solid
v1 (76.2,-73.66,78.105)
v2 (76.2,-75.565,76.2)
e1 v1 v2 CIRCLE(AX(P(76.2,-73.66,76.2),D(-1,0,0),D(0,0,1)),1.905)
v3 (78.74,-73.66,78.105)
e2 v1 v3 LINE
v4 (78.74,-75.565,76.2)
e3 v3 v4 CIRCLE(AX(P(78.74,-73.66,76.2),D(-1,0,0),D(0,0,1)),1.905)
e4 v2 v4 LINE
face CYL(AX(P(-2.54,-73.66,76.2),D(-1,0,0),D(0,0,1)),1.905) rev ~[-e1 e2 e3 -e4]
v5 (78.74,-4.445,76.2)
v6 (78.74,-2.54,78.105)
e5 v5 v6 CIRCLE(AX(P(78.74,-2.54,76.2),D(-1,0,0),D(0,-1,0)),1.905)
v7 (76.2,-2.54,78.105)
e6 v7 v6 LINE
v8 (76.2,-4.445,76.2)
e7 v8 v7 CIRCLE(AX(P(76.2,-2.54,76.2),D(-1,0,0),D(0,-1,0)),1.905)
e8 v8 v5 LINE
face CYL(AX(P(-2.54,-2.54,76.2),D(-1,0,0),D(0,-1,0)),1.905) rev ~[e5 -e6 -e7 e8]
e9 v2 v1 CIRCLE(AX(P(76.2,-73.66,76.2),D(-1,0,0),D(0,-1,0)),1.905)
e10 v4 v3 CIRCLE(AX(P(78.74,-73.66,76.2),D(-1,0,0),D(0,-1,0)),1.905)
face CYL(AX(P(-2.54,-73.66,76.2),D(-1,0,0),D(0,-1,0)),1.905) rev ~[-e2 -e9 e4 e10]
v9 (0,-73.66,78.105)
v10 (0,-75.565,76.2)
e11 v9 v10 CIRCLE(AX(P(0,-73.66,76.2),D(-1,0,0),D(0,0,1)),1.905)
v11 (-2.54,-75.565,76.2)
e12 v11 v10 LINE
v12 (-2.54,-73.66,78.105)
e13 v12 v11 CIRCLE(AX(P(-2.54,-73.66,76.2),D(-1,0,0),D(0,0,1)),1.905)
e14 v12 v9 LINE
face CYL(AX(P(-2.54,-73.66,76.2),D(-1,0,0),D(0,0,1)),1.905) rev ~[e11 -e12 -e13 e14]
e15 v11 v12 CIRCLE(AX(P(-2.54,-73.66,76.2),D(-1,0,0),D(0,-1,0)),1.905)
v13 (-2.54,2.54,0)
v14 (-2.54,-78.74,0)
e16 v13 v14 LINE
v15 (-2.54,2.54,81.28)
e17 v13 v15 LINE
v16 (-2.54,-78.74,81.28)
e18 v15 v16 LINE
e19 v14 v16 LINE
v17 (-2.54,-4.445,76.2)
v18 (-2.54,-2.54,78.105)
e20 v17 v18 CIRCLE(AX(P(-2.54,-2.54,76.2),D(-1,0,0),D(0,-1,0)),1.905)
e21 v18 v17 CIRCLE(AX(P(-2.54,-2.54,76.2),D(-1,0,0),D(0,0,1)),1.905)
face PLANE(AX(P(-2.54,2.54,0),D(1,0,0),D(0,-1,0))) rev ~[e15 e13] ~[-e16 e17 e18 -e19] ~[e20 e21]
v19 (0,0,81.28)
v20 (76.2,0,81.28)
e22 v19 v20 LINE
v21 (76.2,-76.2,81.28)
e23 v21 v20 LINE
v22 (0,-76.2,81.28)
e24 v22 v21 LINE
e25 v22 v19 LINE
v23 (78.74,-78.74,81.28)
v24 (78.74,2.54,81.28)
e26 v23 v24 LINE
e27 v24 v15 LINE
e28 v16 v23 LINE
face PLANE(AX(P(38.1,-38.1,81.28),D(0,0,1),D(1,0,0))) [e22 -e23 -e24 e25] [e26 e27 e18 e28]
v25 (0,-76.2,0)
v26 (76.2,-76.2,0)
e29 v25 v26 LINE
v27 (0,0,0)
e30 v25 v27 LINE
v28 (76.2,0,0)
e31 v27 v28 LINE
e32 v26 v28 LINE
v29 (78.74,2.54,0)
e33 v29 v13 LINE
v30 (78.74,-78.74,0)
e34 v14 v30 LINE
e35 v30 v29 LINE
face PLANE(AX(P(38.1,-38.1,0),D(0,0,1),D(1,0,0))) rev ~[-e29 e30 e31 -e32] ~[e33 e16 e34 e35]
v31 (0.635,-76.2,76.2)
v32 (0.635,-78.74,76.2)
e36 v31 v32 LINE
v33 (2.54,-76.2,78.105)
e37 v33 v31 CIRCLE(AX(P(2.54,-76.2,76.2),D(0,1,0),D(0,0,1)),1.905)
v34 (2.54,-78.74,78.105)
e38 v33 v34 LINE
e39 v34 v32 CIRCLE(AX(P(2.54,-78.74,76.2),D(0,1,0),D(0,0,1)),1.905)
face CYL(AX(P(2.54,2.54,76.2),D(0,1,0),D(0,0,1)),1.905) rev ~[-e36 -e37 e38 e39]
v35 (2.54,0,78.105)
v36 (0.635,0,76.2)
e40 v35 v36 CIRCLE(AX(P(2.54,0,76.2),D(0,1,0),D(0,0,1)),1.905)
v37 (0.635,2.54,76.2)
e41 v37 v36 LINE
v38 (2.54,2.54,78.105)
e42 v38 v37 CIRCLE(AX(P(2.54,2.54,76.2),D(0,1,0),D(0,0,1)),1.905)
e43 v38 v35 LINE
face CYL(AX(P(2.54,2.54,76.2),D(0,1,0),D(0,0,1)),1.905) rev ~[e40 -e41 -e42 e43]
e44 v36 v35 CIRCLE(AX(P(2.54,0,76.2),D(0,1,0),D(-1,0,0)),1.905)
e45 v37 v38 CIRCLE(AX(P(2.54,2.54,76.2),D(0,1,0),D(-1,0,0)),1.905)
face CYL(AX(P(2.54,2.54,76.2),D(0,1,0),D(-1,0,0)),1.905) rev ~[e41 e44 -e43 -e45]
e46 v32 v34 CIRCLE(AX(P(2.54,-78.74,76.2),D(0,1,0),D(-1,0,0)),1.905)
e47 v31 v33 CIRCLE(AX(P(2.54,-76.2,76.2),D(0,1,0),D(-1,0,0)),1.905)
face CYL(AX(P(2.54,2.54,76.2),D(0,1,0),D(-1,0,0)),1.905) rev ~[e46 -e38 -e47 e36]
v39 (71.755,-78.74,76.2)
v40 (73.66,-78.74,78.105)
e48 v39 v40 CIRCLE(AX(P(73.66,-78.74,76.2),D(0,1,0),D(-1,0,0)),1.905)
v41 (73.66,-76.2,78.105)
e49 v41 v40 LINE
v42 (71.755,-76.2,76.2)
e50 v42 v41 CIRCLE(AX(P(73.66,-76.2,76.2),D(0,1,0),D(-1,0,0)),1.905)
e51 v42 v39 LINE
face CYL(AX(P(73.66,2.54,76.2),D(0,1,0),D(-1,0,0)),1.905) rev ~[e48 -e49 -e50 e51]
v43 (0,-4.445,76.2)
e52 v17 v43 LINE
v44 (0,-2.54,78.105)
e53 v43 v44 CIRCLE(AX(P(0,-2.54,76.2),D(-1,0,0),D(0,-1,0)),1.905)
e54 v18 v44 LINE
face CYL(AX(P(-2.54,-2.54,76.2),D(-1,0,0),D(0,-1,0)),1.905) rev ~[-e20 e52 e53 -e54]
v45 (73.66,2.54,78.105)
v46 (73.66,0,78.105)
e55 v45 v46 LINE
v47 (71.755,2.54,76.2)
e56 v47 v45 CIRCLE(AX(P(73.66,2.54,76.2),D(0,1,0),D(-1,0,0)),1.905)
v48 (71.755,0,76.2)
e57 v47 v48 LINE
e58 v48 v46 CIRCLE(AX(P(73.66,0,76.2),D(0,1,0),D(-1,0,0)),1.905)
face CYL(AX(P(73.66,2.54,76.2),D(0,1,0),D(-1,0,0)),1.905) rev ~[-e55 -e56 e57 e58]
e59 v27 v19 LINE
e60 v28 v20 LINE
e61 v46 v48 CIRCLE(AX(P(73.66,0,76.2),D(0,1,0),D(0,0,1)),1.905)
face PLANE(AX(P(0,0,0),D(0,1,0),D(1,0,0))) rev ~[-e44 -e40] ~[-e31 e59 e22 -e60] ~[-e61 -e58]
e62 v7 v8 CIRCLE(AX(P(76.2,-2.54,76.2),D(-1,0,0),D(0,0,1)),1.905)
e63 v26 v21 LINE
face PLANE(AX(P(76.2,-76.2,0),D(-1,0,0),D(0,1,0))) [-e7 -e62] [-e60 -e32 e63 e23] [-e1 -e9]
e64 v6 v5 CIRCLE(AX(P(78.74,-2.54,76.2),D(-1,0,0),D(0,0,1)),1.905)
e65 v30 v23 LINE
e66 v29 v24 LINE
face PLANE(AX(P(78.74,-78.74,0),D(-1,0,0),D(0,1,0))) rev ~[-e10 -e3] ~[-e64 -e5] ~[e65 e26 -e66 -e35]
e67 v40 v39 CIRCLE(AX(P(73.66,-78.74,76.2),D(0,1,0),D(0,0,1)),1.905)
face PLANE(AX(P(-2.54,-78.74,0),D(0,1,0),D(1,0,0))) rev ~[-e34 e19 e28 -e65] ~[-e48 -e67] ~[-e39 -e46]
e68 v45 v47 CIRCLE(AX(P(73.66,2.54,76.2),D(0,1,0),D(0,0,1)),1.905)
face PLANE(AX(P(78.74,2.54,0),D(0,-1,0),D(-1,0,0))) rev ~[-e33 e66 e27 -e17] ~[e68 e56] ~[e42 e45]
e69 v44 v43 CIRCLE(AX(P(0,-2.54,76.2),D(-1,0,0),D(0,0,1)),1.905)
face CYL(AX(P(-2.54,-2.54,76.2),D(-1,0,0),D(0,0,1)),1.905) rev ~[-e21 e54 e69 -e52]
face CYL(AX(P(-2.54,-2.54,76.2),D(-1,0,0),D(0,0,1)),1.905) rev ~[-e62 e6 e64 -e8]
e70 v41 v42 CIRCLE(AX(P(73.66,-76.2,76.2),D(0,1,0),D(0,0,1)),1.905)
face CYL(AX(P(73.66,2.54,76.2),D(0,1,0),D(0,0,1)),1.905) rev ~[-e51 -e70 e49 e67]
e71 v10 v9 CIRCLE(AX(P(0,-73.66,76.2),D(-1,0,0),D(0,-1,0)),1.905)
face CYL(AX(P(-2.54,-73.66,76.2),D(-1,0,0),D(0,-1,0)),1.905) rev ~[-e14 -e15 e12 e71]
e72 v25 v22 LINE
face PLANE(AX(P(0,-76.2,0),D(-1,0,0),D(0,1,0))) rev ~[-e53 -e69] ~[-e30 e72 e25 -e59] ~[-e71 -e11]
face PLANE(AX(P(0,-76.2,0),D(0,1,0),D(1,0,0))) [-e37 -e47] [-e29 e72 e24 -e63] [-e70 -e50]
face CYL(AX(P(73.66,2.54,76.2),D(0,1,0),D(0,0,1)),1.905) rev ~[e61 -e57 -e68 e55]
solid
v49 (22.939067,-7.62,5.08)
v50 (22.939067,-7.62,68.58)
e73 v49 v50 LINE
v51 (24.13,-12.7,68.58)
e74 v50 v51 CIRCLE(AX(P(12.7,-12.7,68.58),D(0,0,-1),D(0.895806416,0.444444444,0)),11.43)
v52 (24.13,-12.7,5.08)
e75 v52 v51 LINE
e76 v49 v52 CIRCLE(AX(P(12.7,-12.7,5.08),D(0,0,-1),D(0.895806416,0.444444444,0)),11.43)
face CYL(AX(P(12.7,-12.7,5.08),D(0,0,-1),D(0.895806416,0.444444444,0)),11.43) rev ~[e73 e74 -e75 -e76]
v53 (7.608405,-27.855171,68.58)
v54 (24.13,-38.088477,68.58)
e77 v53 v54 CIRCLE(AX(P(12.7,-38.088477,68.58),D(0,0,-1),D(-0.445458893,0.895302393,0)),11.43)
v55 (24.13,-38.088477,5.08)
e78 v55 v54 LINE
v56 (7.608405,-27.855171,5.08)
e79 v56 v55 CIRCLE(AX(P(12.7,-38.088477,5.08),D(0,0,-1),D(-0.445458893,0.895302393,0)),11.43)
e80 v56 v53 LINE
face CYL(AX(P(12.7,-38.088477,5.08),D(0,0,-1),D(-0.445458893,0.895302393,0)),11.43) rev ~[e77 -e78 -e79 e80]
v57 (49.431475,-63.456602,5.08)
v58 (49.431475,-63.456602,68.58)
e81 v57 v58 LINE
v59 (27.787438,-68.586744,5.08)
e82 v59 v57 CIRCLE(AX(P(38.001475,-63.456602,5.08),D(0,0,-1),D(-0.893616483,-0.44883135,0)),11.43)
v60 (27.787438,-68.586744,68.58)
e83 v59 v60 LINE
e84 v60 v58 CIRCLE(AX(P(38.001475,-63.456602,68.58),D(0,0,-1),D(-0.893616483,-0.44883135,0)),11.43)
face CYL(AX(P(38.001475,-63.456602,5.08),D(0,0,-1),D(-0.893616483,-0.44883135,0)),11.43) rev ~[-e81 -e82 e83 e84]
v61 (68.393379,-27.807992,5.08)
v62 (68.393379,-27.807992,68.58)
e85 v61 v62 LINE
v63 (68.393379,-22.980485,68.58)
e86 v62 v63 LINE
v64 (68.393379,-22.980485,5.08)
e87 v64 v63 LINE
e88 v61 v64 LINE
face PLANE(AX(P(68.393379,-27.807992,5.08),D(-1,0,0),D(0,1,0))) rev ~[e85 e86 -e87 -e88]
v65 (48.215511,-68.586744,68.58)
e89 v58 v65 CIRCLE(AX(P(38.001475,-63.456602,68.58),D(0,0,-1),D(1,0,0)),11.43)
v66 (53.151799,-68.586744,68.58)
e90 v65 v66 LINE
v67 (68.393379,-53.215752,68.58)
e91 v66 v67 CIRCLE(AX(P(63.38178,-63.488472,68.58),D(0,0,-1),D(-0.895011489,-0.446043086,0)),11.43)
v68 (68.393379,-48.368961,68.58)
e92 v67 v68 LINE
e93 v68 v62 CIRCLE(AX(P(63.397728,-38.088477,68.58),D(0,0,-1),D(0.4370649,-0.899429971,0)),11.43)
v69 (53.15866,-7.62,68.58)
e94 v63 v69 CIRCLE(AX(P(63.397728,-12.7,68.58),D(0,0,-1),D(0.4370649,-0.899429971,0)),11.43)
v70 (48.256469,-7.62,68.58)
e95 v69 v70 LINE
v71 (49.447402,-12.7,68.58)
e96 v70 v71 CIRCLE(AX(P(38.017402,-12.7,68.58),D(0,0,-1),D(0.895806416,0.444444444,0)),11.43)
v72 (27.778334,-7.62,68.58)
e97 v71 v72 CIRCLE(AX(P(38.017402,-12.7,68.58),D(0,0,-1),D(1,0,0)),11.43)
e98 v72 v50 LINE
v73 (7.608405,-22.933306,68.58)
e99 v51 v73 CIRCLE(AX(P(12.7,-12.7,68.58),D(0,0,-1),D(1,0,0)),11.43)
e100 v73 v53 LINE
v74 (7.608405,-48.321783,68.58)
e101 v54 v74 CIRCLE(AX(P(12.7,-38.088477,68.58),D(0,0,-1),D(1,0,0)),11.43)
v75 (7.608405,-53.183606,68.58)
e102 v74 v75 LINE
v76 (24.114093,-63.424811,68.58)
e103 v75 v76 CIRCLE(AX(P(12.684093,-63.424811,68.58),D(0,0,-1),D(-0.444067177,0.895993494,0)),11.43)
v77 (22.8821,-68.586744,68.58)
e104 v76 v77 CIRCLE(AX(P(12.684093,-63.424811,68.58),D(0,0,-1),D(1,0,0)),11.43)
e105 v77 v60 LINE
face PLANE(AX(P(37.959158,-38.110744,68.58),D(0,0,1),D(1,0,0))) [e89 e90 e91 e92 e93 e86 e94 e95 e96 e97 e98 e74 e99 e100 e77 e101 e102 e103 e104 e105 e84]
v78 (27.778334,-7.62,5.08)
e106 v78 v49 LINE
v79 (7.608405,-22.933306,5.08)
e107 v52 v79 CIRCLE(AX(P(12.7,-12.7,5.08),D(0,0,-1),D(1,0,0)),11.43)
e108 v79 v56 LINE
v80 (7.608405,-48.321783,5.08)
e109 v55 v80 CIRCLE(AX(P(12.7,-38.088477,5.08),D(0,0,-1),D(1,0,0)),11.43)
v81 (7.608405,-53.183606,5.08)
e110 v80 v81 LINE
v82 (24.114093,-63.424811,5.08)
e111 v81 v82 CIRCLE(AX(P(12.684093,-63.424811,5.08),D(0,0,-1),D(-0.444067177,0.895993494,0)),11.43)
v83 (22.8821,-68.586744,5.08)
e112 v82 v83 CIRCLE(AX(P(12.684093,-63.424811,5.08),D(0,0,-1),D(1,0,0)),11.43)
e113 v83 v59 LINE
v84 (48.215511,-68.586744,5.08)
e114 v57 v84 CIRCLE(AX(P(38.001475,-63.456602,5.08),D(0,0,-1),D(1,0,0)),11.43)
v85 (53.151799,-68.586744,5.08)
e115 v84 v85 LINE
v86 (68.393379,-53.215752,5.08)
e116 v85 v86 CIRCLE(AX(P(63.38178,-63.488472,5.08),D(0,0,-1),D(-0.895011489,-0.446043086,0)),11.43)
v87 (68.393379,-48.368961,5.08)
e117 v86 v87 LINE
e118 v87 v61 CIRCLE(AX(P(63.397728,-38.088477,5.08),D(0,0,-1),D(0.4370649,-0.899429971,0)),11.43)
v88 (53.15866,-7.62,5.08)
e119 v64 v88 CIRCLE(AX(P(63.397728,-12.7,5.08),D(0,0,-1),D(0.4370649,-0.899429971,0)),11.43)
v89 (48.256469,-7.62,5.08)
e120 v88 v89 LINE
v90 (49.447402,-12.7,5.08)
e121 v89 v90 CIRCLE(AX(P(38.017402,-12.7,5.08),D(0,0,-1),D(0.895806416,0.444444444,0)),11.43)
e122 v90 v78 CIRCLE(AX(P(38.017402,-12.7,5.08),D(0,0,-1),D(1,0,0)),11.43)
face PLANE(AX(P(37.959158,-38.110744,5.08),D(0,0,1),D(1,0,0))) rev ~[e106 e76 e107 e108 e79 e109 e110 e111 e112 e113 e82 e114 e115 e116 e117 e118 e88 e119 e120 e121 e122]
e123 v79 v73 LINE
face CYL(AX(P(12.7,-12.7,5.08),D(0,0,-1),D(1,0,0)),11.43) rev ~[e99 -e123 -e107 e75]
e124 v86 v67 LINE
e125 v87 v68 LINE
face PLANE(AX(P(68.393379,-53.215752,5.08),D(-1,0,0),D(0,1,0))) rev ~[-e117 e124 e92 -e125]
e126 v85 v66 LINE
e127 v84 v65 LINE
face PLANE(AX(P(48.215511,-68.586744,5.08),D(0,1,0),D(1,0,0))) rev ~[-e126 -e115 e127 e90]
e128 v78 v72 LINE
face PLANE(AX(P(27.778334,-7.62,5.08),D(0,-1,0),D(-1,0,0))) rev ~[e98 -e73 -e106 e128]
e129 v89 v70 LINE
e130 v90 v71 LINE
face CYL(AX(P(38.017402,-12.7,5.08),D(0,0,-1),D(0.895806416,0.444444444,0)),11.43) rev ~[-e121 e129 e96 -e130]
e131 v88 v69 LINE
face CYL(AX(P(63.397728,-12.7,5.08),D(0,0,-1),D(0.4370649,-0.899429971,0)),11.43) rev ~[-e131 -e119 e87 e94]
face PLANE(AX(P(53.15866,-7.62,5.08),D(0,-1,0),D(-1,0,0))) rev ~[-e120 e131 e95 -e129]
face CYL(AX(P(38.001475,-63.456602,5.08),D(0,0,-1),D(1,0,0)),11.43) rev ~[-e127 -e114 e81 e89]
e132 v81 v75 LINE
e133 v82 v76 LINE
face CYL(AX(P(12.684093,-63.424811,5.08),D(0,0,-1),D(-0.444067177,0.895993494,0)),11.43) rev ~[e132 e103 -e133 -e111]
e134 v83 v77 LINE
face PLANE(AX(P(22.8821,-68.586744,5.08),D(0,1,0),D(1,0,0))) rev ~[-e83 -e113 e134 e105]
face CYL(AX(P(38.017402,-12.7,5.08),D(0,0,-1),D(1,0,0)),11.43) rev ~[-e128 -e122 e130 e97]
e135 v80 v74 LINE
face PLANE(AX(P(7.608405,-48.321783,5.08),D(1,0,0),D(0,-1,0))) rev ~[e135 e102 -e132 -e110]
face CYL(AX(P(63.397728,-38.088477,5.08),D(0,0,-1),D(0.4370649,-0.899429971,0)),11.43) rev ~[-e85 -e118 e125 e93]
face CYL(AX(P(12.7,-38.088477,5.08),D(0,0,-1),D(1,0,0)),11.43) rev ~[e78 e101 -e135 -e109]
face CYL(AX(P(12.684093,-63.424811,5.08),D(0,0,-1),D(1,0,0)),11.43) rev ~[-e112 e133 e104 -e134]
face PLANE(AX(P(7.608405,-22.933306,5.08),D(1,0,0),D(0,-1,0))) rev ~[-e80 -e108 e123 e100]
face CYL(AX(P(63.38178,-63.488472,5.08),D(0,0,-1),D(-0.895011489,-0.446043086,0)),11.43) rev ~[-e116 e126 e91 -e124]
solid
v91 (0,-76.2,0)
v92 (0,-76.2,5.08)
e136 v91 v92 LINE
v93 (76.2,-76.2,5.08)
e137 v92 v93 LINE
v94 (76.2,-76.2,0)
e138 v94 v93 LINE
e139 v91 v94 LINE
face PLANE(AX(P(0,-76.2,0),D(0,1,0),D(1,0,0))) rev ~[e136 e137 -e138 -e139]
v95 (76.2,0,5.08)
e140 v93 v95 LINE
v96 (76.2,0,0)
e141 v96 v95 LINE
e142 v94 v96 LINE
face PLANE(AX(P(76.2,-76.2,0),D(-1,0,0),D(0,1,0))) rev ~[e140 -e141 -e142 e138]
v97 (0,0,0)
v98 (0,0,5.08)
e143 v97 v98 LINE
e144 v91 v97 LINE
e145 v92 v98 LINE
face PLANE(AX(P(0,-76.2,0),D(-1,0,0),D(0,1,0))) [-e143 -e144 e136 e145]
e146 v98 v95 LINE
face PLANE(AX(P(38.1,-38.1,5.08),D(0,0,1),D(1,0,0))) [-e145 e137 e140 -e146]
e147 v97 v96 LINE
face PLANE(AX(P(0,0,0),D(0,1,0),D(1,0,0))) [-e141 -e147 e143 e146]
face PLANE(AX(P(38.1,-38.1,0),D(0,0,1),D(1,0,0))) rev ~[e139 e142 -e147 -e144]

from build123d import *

# Parameters (mm, degrees)
F0_W      = 76.2
F0_H      = 76.2
F1_DEPTH  = 81.28
F2_W      = 76.2
F2_H      = 76.2
F3_DEPTH  = 5.08
F6_DEPTH  = 81.281
F8_DEPTH  = 81.281
F10_DEPTH = 81.281
F12_DEPTH = 81.281
F13_DEPTH = 63.5


with BuildPart() as f1:
    # F0 (on Top) → F1 (new body)
    with BuildSketch(Plane.XY):
        Polygon((78.74, 2.54), (0, 2.54), (-2.54, 2.54), (-2.54, -78.74), (78.74, -78.74), align=None)
        with Locations((38.1, -38.1)):
            Rectangle(F0_W, F0_H, mode=Mode.SUBTRACT)
    extrude(amount=F1_DEPTH)

    # F5 (on face) → F6 (cut, through all)
    with BuildSketch(Plane(origin=(-2.54, 0, 0), x_dir=(0, -1, 0), z_dir=(-1, 0, 0))):
        with BuildLine():
            ThreePointArc((4.445, 76.2), (3.8870384182, 77.5470384182), (2.54, 78.105))
            ThreePointArc((2.54, 78.105), (1.1929615818, 74.8529615818), (4.445, 76.2))
        make_face()
    extrude(amount=-F6_DEPTH, mode=Mode.SUBTRACT)

    # F7 (on face) → F8 (cut, through all)
    with BuildSketch(Plane(origin=(0, 2.54, 0), x_dir=(-1, 0, 0), z_dir=(0, 1, 0))):
        with BuildLine():
            ThreePointArc((-0.635, 76.2), (-1.1929615818, 77.5470384182), (-2.54, 78.105))
            ThreePointArc((-2.54, 78.105), (-3.8870384182, 74.8529615818), (-0.635, 76.2))
        make_face()
    extrude(amount=-F8_DEPTH, mode=Mode.SUBTRACT)

    # F9 (on face) → F10 (cut, through all)
    with BuildSketch(Plane(origin=(0, 2.54, 0), x_dir=(-1, 0, 0), z_dir=(0, 1, 0))):
        with BuildLine():
            ThreePointArc((-71.755, 76.2), (-72.3129615818, 77.5470384182), (-73.66, 78.105))
            ThreePointArc((-73.66, 78.105), (-75.0070384182, 74.8529615818), (-71.755, 76.2))
        make_face()
    extrude(amount=-F10_DEPTH, mode=Mode.SUBTRACT)

    # F11 (on face) → F12 (cut, through all)
    with BuildSketch(Plane(origin=(-2.54, 0, 0), x_dir=(0, -1, 0), z_dir=(-1, 0, 0))):
        with BuildLine():
            ThreePointArc((75.565, 76.2), (75.0070384182, 77.5470384182), (73.66, 78.105))
            ThreePointArc((73.66, 78.105), (72.3129615818, 74.8529615818), (75.565, 76.2))
        make_face()
    extrude(amount=-F12_DEPTH, mode=Mode.SUBTRACT)


with BuildPart() as f3:
    # F2 (on Top) → F3 (new body)
    with BuildSketch(Plane.XY):
        with Locations((38.1, -38.1)):
            Rectangle(F2_W, F2_H)
    extrude(amount=F3_DEPTH)


with BuildPart() as f13:
    # F4 (on face) → F13 (new body)
    with BuildSketch(Plane.XY.offset(5.08)):
        with BuildLine():
            ThreePointArc((22.9390673403, -7.62), (23.8282846769, -10.0911343174), (24.13, -12.7))
            ThreePointArc((24.13, -12.7), (18.7186363664, -22.4170425691), (7.6084048487, -22.9333063482))
            Line((7.6084048487, -22.9333063482), (7.6084048487, -27.8551705549))
            ThreePointArc((7.6084048487, -27.8551705549), (18.7186363664, -28.371434334), (24.13, -38.0884769031))
            ThreePointArc((24.13, -38.0884769031), (18.7186363664, -47.8055194722), (7.6084048487, -48.3217832513))
            Line((7.6084048487, -48.3217832513), (7.6084048487, -53.1836055481))
            ThreePointArc((7.6084048487, -53.1836055481), (18.7102767186, -53.7124476273), (24.1140926837, -63.4248111901))
            ThreePointArc((24.1140926837, -63.4248111901), (23.8018289528, -66.078269358), (22.8820996393, -68.5867443681))
            Line((22.8820996393, -68.5867443681), (27.7874381008, -68.5867443681))
            ThreePointArc((27.7874381008, -68.5867443681), (35.3653349122, -52.334746614), (49.4314745047, -63.4566020369))
            ThreePointArc((49.4314745047, -63.4566020369), (49.1233299277, -66.0927416294), (48.2155109087, -68.5867443681))
            Line((48.2155109087, -68.5867443681), (53.1517990323, -68.5867443681))
            ThreePointArc((53.1517990323, -68.5867443681), (55.265455445, -55.4404802221), (68.3933794498, -53.2157519802))
            Line((68.3933794498, -53.2157519802), (68.3933794498, -48.3689614721))
            ThreePointArc((68.3933794498, -48.3689614721), (51.9677276379, -38.0884769031), (68.3933794498, -27.8079923341))
            Line((68.3933794498, -27.8079923341), (68.3933794498, -22.980484569))
            ThreePointArc((68.3933794498, -22.980484569), (55.2823426717, -20.7489394861), (53.1586602976, -7.62))
            Line((53.1586602976, -7.62), (48.2564691212, -7.62))
            ThreePointArc((48.2564691212, -7.62), (49.1456864577, -10.0911343174), (49.4474017808, -12.7))
            ThreePointArc((49.4474017808, -12.7), (35.4085360982, -23.8282846769), (27.7783344405, -7.62))
            Line((27.7783344405, -7.62), (22.9390673403, -7.62))
        make_face()
    extrude(amount=F13_DEPTH)


solid = Compound([f1.part, f3.part, f13.part])
